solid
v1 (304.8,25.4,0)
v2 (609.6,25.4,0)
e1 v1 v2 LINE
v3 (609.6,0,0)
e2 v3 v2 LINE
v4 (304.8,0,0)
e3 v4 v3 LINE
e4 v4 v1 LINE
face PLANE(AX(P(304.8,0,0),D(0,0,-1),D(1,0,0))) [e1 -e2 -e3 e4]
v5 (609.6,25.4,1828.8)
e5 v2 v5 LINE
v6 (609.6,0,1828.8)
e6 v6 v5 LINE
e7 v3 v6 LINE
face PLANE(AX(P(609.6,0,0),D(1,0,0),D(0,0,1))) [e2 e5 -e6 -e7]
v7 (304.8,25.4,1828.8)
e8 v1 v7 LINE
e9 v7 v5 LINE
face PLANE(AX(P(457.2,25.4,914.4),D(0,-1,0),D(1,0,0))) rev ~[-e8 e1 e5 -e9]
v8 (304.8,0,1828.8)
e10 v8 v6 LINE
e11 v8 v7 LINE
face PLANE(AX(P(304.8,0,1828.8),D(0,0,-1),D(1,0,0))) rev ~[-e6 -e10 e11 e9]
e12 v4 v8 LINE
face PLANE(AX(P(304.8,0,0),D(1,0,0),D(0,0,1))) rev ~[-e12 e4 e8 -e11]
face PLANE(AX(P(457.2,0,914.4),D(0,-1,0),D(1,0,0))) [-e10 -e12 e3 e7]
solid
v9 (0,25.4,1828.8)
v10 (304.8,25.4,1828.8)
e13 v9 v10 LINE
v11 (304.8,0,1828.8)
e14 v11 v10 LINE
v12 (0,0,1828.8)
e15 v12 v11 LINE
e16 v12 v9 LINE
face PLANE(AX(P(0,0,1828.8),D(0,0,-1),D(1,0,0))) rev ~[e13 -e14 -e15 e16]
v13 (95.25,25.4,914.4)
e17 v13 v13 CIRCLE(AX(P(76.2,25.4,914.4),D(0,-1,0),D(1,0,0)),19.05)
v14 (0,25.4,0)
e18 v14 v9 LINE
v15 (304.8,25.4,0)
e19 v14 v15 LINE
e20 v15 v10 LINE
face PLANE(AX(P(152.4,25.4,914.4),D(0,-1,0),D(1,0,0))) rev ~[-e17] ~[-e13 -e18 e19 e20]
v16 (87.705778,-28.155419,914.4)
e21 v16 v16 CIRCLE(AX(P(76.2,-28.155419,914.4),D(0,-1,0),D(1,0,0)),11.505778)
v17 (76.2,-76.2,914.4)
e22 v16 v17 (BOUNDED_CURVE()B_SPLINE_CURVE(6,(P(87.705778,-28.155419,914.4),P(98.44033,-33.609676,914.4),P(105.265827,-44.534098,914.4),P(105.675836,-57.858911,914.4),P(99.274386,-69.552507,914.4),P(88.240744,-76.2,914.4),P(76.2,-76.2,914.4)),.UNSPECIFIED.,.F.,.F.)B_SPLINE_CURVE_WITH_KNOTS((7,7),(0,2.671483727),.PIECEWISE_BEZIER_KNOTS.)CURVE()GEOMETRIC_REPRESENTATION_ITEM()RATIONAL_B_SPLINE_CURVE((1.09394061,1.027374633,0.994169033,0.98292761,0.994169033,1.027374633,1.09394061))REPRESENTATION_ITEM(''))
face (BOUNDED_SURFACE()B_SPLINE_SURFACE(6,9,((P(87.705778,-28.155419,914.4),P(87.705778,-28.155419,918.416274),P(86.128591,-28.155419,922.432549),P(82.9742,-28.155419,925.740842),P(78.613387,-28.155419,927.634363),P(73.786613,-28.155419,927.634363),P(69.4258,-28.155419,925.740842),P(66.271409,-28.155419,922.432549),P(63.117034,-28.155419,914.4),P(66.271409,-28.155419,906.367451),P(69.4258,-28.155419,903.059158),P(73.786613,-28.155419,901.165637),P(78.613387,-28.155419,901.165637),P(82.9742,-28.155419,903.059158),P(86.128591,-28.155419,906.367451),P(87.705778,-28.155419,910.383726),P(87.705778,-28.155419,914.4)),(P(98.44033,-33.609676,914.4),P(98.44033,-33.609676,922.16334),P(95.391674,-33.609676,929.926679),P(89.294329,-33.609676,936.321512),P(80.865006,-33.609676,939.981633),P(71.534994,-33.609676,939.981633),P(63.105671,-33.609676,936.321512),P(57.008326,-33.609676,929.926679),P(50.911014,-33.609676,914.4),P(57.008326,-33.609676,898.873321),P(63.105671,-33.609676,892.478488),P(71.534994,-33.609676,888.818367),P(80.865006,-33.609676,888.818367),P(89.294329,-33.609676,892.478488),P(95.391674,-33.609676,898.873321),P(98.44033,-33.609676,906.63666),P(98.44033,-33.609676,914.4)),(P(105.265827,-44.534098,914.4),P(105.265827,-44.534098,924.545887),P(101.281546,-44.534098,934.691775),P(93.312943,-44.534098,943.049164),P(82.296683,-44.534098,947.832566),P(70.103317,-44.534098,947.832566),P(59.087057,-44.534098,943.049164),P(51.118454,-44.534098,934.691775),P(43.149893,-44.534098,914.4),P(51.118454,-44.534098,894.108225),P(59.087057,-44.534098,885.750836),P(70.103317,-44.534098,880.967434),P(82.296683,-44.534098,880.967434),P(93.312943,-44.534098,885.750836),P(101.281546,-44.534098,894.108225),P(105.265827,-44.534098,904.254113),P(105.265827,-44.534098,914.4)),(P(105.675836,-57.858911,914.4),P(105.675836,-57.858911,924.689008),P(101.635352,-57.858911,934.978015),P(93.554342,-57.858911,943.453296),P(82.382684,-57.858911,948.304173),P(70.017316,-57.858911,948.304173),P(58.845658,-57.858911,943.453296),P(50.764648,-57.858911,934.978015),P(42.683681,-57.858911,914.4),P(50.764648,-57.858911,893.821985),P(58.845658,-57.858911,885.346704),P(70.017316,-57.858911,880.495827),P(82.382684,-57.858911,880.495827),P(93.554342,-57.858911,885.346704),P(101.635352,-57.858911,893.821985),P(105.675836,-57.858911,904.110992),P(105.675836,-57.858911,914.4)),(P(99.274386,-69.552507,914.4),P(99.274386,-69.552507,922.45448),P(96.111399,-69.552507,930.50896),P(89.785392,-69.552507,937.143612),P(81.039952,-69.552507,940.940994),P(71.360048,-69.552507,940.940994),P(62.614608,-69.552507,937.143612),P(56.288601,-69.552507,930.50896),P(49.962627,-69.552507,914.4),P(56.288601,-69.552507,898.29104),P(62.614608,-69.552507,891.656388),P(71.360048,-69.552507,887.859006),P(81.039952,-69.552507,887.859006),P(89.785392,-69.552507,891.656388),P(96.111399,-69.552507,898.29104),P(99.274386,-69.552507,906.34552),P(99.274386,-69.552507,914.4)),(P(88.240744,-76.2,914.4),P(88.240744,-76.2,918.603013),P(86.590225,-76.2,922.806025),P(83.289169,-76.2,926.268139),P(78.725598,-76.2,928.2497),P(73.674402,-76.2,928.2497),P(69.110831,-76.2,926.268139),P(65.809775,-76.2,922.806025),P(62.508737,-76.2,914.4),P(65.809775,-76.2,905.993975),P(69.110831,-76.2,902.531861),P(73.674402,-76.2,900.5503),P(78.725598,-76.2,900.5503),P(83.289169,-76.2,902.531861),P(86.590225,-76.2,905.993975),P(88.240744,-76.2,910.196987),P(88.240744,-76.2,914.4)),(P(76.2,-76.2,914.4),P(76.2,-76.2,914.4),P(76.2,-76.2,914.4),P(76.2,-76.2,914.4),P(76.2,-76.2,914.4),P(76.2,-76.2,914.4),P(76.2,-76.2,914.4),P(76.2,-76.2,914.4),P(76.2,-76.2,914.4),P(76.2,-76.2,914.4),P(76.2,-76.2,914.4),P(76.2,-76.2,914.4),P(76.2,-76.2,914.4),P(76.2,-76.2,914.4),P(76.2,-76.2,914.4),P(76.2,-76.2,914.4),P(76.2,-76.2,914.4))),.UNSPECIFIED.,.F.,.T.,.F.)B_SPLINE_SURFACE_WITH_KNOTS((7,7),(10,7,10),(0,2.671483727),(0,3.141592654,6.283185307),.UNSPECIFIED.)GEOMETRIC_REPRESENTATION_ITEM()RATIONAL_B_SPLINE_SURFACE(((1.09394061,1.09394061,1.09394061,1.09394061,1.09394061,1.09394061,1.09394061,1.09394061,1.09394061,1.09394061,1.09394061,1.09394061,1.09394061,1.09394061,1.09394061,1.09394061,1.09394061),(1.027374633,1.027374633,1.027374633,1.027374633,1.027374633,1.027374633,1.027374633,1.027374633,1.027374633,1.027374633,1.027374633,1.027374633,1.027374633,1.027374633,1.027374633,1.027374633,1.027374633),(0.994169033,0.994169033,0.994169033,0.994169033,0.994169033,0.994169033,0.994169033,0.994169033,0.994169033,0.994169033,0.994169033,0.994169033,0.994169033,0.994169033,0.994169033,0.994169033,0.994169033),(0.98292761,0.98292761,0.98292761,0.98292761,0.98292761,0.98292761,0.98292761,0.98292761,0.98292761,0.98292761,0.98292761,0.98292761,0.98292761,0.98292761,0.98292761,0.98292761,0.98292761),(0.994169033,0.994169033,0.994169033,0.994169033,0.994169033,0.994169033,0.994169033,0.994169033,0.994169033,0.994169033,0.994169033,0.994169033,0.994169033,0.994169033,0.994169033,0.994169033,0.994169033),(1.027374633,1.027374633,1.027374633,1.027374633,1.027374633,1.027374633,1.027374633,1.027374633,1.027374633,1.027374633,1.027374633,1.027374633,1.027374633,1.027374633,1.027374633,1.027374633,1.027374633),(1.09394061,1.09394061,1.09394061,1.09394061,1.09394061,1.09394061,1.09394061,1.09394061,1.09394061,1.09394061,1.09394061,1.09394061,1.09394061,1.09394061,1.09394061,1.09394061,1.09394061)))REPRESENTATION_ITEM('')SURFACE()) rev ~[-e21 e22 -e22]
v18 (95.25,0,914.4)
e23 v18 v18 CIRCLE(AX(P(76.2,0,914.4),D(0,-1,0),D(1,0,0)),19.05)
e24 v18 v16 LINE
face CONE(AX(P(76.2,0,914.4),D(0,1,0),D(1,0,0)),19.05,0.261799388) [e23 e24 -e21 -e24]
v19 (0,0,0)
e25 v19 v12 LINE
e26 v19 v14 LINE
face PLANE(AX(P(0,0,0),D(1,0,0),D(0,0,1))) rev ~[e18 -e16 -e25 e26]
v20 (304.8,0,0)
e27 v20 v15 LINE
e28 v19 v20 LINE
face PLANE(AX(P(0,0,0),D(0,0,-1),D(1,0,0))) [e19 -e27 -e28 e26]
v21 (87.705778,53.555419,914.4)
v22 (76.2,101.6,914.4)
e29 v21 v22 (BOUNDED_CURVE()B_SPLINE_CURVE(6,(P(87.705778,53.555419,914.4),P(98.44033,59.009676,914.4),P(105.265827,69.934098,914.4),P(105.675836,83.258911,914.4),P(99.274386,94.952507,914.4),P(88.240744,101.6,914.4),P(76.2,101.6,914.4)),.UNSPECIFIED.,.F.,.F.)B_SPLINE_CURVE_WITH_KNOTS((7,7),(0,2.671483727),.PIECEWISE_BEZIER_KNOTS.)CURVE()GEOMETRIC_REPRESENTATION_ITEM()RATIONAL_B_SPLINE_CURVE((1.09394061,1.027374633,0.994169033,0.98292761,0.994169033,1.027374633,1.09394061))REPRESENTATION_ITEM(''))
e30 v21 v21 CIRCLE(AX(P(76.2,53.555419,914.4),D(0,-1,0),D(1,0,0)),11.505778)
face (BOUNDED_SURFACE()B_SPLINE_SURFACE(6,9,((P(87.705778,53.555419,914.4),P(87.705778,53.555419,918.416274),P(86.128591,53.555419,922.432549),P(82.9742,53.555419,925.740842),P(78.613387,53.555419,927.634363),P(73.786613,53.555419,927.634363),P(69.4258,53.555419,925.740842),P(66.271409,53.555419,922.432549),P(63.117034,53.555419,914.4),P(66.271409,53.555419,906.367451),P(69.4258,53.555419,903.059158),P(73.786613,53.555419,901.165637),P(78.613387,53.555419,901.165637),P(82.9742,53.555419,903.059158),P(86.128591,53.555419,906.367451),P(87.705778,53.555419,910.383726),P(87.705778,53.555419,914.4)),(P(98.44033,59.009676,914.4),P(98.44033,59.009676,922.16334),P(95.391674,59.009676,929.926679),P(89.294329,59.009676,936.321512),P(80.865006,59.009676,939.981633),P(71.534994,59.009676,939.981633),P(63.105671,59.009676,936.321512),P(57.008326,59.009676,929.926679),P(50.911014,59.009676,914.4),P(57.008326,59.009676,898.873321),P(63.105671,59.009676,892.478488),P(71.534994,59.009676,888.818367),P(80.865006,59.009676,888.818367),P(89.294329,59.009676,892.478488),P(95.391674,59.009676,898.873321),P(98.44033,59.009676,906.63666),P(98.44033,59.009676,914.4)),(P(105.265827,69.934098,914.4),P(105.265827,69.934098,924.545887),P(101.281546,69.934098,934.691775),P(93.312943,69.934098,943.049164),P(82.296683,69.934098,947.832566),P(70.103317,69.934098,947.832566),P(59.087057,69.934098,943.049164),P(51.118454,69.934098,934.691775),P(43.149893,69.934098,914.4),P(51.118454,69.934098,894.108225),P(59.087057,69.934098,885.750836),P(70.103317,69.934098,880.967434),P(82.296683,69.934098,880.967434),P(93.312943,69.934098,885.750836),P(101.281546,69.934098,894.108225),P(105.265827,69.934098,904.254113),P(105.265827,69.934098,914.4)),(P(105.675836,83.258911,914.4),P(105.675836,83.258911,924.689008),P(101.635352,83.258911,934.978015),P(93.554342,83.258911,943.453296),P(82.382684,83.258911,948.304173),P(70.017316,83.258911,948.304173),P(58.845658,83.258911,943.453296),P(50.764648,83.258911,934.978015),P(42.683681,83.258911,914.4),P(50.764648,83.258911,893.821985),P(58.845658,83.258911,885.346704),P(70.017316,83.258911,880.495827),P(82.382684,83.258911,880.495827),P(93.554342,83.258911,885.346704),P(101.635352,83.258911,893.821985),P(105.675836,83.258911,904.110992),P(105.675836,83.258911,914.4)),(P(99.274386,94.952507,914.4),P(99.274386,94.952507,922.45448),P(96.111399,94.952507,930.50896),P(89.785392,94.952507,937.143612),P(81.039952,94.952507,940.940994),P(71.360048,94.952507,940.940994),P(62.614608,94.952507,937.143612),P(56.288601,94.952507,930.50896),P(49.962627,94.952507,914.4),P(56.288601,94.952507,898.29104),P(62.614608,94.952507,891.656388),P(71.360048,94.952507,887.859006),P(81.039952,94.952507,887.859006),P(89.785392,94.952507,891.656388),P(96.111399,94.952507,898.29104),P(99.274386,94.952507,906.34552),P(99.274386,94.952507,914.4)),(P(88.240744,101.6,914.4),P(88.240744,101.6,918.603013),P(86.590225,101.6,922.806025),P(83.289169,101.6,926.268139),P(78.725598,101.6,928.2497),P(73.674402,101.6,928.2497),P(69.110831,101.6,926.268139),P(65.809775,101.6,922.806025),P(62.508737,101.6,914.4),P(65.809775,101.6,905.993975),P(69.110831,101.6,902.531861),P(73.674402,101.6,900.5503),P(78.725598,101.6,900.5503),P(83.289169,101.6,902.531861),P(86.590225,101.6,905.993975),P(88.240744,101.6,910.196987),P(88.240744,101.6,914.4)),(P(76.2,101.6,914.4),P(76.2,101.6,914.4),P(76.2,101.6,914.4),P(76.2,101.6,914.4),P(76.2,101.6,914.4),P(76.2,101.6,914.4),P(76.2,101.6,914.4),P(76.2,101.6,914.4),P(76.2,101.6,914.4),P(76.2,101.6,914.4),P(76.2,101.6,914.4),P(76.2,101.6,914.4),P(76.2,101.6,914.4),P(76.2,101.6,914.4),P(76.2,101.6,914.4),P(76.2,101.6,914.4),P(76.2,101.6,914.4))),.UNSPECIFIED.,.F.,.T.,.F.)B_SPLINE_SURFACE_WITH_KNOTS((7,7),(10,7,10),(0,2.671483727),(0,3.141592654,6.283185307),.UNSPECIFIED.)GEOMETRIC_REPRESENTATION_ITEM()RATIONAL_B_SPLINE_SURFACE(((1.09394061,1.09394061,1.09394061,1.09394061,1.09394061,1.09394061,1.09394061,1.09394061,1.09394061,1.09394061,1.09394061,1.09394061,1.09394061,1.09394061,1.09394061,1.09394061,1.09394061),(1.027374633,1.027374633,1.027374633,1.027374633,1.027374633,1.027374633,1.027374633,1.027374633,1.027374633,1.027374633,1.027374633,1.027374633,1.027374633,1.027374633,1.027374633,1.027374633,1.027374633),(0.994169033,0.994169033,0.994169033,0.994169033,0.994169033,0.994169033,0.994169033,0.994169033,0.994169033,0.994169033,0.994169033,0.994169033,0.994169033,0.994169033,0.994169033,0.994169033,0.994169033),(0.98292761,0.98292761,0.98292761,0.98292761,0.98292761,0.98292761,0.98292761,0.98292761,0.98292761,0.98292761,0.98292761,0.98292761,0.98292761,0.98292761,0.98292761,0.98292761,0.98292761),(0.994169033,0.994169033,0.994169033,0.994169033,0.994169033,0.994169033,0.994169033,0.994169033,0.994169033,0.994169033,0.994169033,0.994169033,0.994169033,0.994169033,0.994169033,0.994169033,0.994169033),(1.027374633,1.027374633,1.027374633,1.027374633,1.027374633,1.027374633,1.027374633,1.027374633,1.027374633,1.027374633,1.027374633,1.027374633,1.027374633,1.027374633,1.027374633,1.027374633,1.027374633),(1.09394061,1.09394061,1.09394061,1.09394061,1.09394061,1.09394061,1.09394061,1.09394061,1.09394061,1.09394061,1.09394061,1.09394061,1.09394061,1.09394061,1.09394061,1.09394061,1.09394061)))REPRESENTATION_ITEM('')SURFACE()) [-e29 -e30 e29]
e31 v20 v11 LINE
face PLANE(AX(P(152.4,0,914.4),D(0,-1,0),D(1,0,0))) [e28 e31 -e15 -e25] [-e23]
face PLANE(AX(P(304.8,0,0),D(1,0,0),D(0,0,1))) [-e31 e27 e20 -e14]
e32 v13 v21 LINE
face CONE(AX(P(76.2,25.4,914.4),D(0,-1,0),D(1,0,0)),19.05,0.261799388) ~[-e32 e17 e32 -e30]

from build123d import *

# Parameters (mm, degrees)
F0_W     = 304.8
F0_H     = 1828.8
F4_DEPTH = 25.4
F8_W     = 304.8
F8_H     = 1828.8
F9_DEPTH = 25.4


with BuildPart() as f4:
    # F0 (on Front) → F4 (new body)
    with BuildSketch(Plane.XZ):
        with Locations((152.4, 914.4)):
            Rectangle(F0_W, F0_H)
    extrude(amount=-F4_DEPTH)



with BuildPart() as f5:
    # F5: sweep along a path in F3
    with BuildLine(Plane.XZ) as f5_path:
        CenterArc((76.2, 914.4), 34.6952344102, 0, 360)
    # F2 (on offset) → F5 (sweep)
    with BuildSketch(Plane.XY.offset(914.4)):
        with BuildLine():
            Line((57.15, 0), (64.6942216848, -28.1554186313))
            ThreePointArc((64.6942216848, -28.1554186313), (51.4984578744, -56.7155571689), (76.2, -76.2))
            Line((76.2, -76.2), (76.2, 0))
            Line((76.2, 0), (57.15, 0))
        make_face()
    sweep(path=f5_path.line)


with BuildPart() as f4_1:
    add(f4.part)

    add(f5.part)  # F7 merges F5
    # F7: F5 across plane
    add(f5.part.mirror(Plane.XZ.offset(-12.7)))


with BuildPart() as f9:
    # F8 (on face) → F9 (new body)
    with BuildSketch(Plane.XZ):
        with Locations((457.2, 914.4)):
            Rectangle(F8_W, F8_H)
    extrude(amount=-F9_DEPTH)


solid = Compound([f4_1.part, f9.part])
